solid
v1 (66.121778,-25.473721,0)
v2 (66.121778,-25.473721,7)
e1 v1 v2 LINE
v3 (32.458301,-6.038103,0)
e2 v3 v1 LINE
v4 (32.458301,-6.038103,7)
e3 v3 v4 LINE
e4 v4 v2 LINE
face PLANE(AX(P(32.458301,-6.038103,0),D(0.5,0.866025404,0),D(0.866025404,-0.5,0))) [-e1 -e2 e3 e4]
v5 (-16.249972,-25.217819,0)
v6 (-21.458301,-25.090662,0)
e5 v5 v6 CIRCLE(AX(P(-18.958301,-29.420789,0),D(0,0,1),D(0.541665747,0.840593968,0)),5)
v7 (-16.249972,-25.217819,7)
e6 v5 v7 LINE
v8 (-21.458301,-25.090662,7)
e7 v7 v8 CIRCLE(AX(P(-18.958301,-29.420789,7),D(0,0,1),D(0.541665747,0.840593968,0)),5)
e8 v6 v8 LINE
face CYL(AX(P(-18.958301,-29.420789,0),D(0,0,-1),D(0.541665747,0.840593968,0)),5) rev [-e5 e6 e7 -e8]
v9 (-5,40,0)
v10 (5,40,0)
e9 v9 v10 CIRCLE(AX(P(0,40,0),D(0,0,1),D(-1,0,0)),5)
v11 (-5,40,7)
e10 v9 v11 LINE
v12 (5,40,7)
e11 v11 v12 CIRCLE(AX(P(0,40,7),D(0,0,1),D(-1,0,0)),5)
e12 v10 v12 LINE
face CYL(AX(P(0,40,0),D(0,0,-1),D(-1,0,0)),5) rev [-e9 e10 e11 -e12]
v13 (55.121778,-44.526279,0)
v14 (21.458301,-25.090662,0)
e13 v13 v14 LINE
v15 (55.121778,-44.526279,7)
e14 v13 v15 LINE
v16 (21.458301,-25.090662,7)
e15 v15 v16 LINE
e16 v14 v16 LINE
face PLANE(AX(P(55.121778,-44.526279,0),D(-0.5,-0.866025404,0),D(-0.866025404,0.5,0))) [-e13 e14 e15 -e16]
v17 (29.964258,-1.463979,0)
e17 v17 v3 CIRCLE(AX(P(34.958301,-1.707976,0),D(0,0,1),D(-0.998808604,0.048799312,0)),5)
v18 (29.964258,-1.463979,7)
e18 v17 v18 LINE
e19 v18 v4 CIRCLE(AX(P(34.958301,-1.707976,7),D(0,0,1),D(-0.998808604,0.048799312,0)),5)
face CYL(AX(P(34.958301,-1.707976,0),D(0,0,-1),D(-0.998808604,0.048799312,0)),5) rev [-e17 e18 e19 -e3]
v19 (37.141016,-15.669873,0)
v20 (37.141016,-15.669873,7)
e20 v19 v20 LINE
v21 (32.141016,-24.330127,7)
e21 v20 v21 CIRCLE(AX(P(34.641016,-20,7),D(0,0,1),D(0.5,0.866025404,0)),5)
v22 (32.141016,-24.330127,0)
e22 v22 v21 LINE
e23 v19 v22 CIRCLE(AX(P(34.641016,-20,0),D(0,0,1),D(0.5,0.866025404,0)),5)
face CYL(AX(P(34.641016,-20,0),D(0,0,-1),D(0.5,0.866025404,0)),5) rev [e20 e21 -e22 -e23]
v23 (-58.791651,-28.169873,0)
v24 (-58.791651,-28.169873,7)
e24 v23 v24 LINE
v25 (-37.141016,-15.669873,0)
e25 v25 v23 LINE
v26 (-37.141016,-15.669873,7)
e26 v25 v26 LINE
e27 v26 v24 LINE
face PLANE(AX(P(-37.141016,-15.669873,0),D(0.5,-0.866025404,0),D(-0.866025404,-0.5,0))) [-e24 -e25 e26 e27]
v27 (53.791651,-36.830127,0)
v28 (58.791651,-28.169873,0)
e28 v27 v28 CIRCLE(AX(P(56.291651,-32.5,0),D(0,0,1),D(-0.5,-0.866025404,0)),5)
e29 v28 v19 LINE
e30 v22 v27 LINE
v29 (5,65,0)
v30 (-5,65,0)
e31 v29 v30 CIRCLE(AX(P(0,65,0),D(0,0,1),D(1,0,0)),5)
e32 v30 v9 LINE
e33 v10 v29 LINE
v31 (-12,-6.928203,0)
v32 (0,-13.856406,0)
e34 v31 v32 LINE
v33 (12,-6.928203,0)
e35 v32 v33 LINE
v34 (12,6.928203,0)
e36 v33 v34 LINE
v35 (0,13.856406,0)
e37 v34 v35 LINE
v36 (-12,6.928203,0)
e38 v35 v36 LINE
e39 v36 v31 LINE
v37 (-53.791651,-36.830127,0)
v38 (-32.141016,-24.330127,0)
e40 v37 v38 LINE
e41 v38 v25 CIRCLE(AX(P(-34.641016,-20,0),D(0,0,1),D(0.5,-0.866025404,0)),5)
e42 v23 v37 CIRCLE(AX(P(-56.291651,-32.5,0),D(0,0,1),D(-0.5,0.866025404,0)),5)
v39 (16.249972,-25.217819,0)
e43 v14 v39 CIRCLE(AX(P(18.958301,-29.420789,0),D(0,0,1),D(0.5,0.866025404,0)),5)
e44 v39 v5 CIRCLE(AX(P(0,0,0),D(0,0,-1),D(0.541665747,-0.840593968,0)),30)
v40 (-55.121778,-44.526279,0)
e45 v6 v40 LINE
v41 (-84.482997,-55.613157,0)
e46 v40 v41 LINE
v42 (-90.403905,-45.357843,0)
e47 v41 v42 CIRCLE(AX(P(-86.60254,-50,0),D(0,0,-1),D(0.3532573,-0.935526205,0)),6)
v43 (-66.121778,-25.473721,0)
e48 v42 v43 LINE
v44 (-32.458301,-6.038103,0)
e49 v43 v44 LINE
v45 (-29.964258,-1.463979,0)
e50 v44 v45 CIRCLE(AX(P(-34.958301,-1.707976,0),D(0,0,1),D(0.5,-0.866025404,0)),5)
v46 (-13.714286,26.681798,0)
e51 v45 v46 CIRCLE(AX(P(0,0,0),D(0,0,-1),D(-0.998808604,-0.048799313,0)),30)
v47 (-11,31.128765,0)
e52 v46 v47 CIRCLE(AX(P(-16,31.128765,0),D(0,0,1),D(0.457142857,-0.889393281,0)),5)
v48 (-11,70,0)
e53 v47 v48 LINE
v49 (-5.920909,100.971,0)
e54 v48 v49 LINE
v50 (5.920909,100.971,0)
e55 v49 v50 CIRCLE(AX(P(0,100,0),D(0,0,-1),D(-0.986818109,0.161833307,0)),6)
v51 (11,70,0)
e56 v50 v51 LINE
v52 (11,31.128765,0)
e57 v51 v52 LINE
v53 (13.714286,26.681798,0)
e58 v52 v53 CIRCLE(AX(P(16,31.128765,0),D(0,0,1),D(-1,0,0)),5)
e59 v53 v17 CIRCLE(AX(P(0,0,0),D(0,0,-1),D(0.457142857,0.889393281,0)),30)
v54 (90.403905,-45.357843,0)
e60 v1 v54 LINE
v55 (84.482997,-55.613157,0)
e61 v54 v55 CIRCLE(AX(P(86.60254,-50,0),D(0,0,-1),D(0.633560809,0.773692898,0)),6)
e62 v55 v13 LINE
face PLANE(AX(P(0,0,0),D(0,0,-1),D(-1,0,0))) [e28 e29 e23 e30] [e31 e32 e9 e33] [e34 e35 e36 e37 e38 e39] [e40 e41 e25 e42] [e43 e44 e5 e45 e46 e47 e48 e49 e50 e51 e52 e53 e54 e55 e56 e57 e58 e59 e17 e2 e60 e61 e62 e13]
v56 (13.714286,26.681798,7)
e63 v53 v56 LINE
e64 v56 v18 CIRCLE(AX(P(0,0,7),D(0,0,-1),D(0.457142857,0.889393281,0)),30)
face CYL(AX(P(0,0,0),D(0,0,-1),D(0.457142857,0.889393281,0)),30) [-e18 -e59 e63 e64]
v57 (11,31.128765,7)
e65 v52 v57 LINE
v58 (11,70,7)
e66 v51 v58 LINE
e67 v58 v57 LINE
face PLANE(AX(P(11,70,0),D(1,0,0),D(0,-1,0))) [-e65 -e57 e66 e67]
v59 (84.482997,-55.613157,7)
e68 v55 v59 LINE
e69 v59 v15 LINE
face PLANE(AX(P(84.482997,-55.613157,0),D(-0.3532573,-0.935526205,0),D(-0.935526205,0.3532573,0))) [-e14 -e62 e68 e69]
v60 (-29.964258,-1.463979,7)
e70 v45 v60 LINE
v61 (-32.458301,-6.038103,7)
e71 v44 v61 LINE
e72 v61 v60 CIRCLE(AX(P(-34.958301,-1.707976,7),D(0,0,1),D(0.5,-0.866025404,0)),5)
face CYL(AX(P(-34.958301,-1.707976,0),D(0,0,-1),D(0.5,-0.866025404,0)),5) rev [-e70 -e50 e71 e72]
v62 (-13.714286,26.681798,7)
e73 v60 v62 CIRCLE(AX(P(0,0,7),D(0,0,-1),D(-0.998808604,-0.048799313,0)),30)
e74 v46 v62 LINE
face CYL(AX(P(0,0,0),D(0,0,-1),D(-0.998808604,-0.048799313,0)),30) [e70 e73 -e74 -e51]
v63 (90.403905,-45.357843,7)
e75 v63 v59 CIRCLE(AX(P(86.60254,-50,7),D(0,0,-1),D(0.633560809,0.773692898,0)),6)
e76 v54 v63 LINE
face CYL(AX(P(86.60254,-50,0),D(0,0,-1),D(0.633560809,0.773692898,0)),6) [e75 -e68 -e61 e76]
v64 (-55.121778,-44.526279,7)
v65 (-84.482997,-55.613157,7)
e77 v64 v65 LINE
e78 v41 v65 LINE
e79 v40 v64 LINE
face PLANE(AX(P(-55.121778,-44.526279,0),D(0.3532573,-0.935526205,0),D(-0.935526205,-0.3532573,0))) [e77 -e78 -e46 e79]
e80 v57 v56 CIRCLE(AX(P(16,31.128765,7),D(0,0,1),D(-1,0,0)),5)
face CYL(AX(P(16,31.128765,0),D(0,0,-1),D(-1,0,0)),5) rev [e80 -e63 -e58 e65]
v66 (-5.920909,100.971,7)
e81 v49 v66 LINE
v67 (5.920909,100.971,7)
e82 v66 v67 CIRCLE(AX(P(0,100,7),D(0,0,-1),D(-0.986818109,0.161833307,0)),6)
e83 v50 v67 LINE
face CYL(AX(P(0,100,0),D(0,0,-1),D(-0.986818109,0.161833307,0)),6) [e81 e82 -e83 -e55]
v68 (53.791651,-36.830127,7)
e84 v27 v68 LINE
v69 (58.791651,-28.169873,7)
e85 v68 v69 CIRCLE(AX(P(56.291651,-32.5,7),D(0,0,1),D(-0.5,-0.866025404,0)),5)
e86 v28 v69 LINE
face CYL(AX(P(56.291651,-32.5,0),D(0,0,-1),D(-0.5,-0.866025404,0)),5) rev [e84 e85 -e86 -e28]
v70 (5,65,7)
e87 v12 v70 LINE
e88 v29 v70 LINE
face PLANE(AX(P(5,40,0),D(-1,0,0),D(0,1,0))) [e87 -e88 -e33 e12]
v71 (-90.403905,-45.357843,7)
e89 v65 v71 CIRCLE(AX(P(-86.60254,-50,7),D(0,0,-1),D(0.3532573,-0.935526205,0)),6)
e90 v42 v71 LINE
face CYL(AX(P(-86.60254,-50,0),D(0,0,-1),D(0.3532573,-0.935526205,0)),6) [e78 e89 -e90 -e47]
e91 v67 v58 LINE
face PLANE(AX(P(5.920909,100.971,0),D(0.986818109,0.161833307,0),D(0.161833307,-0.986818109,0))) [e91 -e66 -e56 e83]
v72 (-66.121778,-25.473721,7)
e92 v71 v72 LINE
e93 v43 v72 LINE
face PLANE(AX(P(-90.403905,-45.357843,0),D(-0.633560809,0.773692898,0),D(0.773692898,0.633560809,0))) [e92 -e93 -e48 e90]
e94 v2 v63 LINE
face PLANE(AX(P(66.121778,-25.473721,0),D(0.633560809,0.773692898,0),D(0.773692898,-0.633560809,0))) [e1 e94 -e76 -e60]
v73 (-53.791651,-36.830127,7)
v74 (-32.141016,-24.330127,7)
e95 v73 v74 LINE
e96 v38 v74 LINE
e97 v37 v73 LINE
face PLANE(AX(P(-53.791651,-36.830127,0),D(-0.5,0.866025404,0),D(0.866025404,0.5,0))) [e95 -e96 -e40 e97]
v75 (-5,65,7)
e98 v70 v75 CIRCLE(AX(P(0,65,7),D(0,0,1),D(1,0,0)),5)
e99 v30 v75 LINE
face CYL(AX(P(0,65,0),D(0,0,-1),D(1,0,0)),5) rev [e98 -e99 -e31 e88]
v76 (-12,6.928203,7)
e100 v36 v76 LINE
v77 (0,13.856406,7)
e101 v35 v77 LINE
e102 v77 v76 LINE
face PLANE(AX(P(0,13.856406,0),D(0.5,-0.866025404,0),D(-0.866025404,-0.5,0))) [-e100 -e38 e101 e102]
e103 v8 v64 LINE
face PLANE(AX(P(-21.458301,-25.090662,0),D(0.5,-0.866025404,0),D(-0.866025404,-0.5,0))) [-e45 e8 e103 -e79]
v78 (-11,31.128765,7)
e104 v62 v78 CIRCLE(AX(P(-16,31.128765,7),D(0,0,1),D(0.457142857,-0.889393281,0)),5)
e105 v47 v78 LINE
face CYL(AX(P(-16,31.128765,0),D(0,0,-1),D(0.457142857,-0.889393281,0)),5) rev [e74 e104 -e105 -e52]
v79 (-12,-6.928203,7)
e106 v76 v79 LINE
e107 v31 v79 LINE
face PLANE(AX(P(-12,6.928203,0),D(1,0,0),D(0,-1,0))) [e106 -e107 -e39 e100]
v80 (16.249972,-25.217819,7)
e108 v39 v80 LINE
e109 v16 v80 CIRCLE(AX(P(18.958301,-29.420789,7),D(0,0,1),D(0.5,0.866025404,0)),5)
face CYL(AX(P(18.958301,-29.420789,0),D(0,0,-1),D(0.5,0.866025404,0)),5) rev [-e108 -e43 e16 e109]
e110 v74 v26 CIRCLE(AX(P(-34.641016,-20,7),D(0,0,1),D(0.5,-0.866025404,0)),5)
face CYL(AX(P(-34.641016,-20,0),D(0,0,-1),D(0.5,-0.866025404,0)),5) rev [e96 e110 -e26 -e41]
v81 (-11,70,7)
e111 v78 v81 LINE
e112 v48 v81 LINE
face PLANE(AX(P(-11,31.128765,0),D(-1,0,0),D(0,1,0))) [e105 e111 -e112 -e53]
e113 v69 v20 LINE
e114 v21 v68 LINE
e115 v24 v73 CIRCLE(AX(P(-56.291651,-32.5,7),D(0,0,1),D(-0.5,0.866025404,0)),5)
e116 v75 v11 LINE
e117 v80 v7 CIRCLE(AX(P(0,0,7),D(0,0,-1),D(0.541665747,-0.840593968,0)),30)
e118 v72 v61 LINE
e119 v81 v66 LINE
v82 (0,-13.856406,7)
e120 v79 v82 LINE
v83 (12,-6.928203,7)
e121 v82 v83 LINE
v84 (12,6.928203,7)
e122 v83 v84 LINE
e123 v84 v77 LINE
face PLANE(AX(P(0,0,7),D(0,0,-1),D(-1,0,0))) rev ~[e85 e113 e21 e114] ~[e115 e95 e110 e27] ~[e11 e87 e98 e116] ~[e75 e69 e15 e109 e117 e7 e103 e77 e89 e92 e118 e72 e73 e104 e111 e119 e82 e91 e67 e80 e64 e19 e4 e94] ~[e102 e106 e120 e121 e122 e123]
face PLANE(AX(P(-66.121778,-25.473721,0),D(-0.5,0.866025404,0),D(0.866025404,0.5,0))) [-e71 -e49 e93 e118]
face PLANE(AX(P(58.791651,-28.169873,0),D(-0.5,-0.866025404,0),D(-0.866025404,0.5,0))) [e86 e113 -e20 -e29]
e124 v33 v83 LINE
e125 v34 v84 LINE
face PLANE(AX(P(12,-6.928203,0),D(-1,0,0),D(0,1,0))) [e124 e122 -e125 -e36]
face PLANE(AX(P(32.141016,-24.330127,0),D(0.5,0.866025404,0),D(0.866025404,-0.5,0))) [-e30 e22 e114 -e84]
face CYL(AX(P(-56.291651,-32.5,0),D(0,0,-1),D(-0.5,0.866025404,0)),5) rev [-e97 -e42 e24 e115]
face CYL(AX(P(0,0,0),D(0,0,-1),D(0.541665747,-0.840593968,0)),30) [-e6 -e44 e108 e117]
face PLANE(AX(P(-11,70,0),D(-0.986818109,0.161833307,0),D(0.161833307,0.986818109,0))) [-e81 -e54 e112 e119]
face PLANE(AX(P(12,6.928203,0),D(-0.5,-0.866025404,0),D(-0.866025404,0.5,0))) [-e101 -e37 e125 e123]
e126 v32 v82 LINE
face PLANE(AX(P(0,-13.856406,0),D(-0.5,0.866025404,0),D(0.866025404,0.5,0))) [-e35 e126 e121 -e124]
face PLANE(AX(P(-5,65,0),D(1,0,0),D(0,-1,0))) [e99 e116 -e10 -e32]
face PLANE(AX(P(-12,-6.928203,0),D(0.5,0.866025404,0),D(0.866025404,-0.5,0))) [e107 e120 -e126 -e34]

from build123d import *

# Parameters (mm, degrees)
P_IDAT_VYSUNUT_M1_DEPTH = 7


with BuildPart() as part:
    # Skica1 → Přidat vysunutím1 (new body)
    with BuildSketch(Plane.XY):
        with BuildLine():
            Line((-11, 31.128764833), (-11, 70))
            Line((-11, 70), (-5.920908656, 100.97099984))
            ThreePointArc((-5.920908656, 100.97099984), (0, 106), (5.920908656, 100.97099984))
            Line((5.920908656, 100.97099984), (11, 70))
            Line((11, 70), (11, 31.128764833))
            ThreePointArc((11, 31.128764833), (11.732180215, 28.523824471), (13.714285714, 26.681798428))
            ThreePointArc((13.714285714, 26.681798428), (25.980762114, 15), (29.964258114, -1.463979391))
            ThreePointArc((29.964258114, -1.463979391), (30.568446713, -4.101546127), (32.458301133, -6.038102975))
            Line((32.458301133, -6.038102975), (66.121778265, -25.473720558))
            Line((66.121778265, -25.473720558), (90.403905235, -45.357842611))
            ThreePointArc((90.403905235, -45.357842611), (91.798692801, -53), (84.482996579, -55.61315723))
            Line((84.482996579, -55.61315723), (55.121778265, -44.526279442))
            Line((55.121778265, -44.526279442), (21.458301133, -25.090661858))
            ThreePointArc((21.458301133, -25.090661858), (18.836266498, -24.422278344), (16.2499724, -25.217819037))
            ThreePointArc((16.2499724, -25.217819037), (0, -30), (-16.2499724, -25.217819037))
            ThreePointArc((-16.2499724, -25.217819037), (-18.836266498, -24.422278344), (-21.458301133, -25.090661858))
            Line((-21.458301133, -25.090661858), (-55.121778265, -44.526279442))
            Line((-55.121778265, -44.526279442), (-84.482996579, -55.61315723))
            ThreePointArc((-84.482996579, -55.61315723), (-91.798692801, -53), (-90.403905235, -45.357842611))
            Line((-90.403905235, -45.357842611), (-66.121778265, -25.473720558))
            Line((-66.121778265, -25.473720558), (-32.458301133, -6.038102975))
            ThreePointArc((-32.458301133, -6.038102975), (-30.568446713, -4.101546127), (-29.964258114, -1.463979391))
            ThreePointArc((-29.964258114, -1.463979391), (-25.980762114, 15), (-13.714285714, 26.681798428))
            ThreePointArc((-13.714285714, 26.681798428), (-11.732180215, 28.523824471), (-11, 31.128764833))
        make_face()
        with BuildLine():
            Line((-5, 65), (-5, 40))
            ThreePointArc((-5, 40), (0, 35), (5, 40))
            Line((5, 40), (5, 65))
            ThreePointArc((5, 65), (0, 70), (-5, 65))
        make_face(mode=Mode.SUBTRACT)
        with BuildLine():
            Line((58.791651246, -28.169872981), (37.141016151, -15.669872981))
            ThreePointArc((37.141016151, -15.669872981), (30.310889132, -17.5), (32.141016151, -24.330127019))
            Line((32.141016151, -24.330127019), (53.791651246, -36.830127019))
            ThreePointArc((53.791651246, -36.830127019), (60.621778265, -35), (58.791651246, -28.169872981))
        make_face(mode=Mode.SUBTRACT)
        Polygon((0, -13.856406461), (12, -6.92820323), (12, 6.92820323), (0, 13.856406461), (-12, 6.92820323), (-12, -6.92820323), align=None, mode=Mode.SUBTRACT)
        with BuildLine():
            Line((-53.791651246, -36.830127019), (-32.141016151, -24.330127019))
            ThreePointArc((-32.141016151, -24.330127019), (-30.310889132, -17.5), (-37.141016151, -15.669872981))
            Line((-37.141016151, -15.669872981), (-58.791651246, -28.169872981))
            ThreePointArc((-58.791651246, -28.169872981), (-60.621778265, -35), (-53.791651246, -36.830127019))
        make_face(mode=Mode.SUBTRACT)
    extrude(amount=P_IDAT_VYSUNUT_M1_DEPTH)


solid = part.part
